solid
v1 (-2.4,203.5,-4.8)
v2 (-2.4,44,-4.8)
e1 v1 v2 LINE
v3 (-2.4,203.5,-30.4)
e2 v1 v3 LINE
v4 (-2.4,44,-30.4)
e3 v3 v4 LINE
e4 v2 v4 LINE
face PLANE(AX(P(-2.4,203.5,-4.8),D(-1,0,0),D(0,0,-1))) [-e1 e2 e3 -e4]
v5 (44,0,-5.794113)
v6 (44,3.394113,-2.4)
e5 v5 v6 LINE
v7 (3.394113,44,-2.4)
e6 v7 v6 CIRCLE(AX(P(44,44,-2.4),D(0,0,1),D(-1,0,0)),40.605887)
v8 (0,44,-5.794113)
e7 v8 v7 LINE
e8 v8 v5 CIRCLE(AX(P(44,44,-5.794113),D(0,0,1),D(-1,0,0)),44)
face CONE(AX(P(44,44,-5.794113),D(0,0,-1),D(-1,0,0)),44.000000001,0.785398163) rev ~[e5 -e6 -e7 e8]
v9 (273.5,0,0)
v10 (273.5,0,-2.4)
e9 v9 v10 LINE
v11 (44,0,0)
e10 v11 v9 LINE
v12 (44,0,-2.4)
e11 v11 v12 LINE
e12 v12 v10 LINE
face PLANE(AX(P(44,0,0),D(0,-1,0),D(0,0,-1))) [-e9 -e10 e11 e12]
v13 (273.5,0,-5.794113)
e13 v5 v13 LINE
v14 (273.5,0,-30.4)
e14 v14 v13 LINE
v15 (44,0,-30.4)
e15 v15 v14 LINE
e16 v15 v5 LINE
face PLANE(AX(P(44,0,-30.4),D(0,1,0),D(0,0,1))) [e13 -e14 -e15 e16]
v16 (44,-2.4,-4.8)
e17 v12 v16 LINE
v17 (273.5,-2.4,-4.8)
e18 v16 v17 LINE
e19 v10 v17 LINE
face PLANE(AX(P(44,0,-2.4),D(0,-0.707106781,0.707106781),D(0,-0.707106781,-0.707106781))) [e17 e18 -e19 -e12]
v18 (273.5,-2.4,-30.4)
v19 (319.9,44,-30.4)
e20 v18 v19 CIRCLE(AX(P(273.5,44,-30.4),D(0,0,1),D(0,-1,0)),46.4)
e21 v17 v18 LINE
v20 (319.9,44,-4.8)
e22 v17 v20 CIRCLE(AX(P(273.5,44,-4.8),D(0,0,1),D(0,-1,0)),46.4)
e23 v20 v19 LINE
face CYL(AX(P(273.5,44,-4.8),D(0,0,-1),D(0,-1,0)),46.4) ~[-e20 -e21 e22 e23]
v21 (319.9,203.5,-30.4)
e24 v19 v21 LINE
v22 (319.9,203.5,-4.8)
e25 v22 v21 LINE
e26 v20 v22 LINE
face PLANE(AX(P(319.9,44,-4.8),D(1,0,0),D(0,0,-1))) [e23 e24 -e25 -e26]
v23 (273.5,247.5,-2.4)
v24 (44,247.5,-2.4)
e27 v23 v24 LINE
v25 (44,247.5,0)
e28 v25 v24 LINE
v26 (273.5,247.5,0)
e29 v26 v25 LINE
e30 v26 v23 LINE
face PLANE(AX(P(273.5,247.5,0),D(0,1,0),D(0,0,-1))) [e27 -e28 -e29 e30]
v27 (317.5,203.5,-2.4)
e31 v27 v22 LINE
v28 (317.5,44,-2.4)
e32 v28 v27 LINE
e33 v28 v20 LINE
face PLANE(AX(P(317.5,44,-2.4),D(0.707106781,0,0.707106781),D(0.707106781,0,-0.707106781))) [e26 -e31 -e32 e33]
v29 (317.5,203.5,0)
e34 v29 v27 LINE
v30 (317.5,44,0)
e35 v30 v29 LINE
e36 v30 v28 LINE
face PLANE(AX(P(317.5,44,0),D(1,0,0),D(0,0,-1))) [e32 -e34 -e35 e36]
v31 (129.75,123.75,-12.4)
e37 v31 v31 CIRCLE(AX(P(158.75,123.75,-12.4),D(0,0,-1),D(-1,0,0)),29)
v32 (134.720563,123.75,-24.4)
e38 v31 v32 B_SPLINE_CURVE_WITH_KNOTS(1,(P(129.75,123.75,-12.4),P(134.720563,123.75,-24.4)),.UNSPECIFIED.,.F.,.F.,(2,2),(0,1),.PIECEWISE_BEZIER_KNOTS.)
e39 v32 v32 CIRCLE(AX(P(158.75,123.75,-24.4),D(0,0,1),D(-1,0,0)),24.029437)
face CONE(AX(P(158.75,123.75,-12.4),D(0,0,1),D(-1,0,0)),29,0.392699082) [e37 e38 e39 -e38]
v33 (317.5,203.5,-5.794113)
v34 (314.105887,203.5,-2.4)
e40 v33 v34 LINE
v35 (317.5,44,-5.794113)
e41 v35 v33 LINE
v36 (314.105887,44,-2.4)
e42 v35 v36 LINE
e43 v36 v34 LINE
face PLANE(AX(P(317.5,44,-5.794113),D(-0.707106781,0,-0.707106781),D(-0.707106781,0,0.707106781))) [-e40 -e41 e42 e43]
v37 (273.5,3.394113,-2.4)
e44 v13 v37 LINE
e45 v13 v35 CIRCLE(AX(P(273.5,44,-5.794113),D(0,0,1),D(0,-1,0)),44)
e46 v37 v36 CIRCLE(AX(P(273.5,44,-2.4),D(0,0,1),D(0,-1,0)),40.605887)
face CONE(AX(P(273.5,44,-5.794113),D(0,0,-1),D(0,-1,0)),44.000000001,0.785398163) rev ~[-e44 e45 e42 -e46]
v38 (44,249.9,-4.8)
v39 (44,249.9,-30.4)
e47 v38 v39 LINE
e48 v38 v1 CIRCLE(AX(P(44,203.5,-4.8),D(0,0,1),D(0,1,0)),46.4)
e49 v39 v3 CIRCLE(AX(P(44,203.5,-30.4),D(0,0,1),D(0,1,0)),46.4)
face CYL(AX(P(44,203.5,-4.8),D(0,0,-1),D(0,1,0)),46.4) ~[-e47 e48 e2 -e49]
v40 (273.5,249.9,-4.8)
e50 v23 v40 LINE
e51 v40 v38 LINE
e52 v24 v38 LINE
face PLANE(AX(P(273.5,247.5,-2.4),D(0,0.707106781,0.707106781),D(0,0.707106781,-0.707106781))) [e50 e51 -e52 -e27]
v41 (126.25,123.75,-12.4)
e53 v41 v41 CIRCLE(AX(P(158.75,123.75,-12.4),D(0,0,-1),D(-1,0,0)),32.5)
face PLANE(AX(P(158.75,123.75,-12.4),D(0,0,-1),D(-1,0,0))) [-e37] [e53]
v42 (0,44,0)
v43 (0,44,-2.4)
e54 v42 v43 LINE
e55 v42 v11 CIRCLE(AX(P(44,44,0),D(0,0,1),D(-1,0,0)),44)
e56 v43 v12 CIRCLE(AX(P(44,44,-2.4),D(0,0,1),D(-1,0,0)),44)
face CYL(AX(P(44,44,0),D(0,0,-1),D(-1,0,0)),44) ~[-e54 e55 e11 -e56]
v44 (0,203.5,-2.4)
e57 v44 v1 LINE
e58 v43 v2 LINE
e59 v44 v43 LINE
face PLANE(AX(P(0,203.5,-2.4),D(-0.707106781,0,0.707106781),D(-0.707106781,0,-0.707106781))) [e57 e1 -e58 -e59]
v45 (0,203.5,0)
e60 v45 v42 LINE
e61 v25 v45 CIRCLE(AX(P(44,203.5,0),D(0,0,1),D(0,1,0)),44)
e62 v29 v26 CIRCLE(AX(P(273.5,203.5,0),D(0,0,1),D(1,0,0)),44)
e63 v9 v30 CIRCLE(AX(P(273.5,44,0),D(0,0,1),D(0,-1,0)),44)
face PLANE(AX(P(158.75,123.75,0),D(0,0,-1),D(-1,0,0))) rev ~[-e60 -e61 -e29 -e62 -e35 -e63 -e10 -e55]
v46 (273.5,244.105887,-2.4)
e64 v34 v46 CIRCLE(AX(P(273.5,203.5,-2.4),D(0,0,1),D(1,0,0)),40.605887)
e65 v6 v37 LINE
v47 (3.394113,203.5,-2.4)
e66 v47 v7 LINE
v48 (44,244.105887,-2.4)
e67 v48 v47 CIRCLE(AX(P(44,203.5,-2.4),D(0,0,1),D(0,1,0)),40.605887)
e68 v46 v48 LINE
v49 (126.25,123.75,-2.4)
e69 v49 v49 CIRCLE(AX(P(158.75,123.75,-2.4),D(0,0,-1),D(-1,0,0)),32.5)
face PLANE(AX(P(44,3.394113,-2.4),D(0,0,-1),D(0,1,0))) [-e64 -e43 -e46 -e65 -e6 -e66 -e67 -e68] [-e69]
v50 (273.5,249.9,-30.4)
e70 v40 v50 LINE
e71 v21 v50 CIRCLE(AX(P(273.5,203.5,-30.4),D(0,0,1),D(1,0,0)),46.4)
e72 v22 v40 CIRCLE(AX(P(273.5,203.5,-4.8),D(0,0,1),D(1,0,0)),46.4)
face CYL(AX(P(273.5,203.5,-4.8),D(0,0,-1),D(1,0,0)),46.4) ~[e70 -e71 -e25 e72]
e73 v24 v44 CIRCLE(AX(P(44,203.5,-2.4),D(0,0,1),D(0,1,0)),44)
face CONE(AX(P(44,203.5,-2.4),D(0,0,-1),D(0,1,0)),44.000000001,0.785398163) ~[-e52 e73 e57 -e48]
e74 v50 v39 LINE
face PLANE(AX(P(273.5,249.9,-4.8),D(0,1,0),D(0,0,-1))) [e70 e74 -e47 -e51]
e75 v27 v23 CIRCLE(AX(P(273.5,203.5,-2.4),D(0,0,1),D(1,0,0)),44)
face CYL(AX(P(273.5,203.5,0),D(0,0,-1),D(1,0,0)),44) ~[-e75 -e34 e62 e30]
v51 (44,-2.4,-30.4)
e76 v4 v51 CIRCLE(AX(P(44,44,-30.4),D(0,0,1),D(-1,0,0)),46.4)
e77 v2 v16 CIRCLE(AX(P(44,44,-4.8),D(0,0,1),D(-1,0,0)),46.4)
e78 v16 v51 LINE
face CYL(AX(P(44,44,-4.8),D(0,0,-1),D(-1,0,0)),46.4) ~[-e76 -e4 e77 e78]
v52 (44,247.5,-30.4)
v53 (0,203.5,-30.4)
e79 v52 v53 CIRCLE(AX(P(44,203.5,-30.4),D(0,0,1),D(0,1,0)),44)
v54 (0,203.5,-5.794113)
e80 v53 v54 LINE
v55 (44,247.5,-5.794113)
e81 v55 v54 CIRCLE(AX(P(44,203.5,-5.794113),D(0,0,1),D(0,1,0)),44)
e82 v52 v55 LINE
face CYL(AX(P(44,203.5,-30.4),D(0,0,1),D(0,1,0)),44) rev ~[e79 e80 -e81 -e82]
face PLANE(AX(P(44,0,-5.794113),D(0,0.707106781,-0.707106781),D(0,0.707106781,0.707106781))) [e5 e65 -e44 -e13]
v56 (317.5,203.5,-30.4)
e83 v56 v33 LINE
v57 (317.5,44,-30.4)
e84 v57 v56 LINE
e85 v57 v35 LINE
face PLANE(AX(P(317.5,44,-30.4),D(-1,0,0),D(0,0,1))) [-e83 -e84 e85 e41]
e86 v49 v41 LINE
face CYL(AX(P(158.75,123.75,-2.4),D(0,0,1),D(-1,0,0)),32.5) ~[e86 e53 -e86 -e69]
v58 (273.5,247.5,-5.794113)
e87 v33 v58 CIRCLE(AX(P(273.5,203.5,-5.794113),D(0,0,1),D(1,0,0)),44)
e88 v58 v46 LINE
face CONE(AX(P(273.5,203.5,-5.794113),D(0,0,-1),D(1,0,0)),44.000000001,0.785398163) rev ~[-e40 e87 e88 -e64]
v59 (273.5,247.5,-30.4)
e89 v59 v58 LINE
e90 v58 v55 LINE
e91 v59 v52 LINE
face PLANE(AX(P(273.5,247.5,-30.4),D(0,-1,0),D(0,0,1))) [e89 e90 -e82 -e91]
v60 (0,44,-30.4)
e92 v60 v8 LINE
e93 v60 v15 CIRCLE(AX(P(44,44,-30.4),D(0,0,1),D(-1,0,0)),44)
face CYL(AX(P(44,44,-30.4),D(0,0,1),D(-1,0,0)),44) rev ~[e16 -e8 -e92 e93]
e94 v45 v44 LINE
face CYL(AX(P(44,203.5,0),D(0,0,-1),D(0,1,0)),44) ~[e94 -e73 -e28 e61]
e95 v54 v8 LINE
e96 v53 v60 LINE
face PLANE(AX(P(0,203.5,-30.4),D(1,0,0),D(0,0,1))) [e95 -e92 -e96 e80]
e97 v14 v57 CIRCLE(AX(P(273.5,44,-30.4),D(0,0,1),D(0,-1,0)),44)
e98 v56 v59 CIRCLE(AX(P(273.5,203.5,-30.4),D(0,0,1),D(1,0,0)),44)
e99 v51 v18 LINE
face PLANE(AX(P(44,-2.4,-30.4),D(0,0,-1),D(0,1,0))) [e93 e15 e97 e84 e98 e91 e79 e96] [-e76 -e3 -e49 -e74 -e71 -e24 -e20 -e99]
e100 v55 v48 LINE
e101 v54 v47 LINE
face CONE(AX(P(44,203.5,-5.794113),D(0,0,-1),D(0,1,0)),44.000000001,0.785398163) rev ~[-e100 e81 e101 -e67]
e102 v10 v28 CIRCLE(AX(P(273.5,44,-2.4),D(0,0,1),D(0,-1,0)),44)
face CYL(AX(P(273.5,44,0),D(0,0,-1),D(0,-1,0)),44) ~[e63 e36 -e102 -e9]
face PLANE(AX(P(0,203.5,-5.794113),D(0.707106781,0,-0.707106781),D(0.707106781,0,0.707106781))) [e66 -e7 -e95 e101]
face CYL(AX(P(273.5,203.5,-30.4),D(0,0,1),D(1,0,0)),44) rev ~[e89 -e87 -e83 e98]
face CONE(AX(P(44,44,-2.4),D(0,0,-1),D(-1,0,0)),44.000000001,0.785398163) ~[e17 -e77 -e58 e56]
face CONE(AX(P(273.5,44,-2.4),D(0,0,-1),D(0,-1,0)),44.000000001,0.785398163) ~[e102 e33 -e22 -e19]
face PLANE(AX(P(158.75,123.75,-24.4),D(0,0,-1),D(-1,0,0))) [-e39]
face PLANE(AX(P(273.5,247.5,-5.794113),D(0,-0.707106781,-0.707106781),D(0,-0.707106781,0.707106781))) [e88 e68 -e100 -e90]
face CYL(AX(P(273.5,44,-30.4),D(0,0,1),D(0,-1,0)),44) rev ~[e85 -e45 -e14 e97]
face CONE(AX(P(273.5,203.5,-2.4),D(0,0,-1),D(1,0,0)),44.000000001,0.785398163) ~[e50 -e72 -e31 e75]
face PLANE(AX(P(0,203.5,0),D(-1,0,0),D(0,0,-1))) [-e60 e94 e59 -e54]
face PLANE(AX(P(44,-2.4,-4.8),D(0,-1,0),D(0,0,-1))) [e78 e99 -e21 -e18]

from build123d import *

# Parameters (mm, degrees)
BOSS_EXTRUDE1_DEPTH = 2.4
SKETCH2_R           = 32.5
BOSS_EXTRUDE2_DEPTH = 10
SKETCH3_R           = 29
BOSS_EXTRUDE3_DEPTH = 12
BOSS_EXTRUDE3_TAPER = 22.5


with BuildPart() as part:
    # Sweep2: sweep along a path in BasketRing
    with BuildLine(Plane.XY) as sweep2_path:
        Line((44, 0), (273.5, 0))
        ThreePointArc((273.5, 0), (304.612698372, 12.887301628), (317.5, 44))
        Line((317.5, 44), (317.5, 203.5))
        ThreePointArc((317.5, 203.5), (304.612698372, 234.612698372), (273.5, 247.5))
        Line((273.5, 247.5), (44, 247.5))
        ThreePointArc((44, 247.5), (12.887301628, 234.612698372), (0, 203.5))
        Line((0, 203.5), (0, 44))
        ThreePointArc((0, 44), (12.887301628, 12.887301628), (44, 0))
    # ShapeOf Edge → Sweep2 (sweep)
    with BuildSketch(Plane(origin=(44, 0, 0), x_dir=(0, 0, -1), z_dir=(1, 0, 0))):
        Polygon((0, 0), (2.4, 0), (4.8, -2.4), (30.4, -2.4), (30.4, 0), (5.79411255, 0), (2.4, 3.39411255), (2.4, 7), (0, 7), align=None)
    sweep(path=sweep2_path.line)

    # Sketch1 → Boss-Extrude1 (add)
    with BuildSketch(Plane.XY):
        with BuildLine():
            Line((44, 240.5), (273.5, 240.5))
            ThreePointArc((273.5, 240.5), (299.662950904, 229.662950904), (310.5, 203.5))
            Line((310.5, 203.5), (310.5, 44))
            ThreePointArc((310.5, 44), (299.662950904, 17.837049096), (273.5, 7))
            Line((273.5, 7), (44, 7))
            ThreePointArc((44, 7), (17.837049096, 17.837049096), (7, 44))
            Line((7, 44), (7, 203.5))
            ThreePointArc((7, 203.5), (17.837049096, 229.662950904), (44, 240.5))
        make_face()
    extrude(amount=-BOSS_EXTRUDE1_DEPTH)

    # Sketch2 → Boss-Extrude2 (add)
    with BuildSketch(Plane(origin=(0, 0, -2.4), x_dir=(-1, 0, 0), z_dir=(0, 0, -1))):
        with Locations((-158.75, 123.75)):
            Circle(SKETCH2_R)
    extrude(amount=BOSS_EXTRUDE2_DEPTH)

    # Sketch3 → Boss-Extrude3 (add)
    with BuildSketch(Plane(origin=(0, 0, -12.4), x_dir=(-1, 0, 0), z_dir=(0, 0, -1))):
        with Locations((-158.75, 123.75)):
            Circle(SKETCH3_R)
    extrude(amount=BOSS_EXTRUDE3_DEPTH, taper=BOSS_EXTRUDE3_TAPER)


solid = part.part
